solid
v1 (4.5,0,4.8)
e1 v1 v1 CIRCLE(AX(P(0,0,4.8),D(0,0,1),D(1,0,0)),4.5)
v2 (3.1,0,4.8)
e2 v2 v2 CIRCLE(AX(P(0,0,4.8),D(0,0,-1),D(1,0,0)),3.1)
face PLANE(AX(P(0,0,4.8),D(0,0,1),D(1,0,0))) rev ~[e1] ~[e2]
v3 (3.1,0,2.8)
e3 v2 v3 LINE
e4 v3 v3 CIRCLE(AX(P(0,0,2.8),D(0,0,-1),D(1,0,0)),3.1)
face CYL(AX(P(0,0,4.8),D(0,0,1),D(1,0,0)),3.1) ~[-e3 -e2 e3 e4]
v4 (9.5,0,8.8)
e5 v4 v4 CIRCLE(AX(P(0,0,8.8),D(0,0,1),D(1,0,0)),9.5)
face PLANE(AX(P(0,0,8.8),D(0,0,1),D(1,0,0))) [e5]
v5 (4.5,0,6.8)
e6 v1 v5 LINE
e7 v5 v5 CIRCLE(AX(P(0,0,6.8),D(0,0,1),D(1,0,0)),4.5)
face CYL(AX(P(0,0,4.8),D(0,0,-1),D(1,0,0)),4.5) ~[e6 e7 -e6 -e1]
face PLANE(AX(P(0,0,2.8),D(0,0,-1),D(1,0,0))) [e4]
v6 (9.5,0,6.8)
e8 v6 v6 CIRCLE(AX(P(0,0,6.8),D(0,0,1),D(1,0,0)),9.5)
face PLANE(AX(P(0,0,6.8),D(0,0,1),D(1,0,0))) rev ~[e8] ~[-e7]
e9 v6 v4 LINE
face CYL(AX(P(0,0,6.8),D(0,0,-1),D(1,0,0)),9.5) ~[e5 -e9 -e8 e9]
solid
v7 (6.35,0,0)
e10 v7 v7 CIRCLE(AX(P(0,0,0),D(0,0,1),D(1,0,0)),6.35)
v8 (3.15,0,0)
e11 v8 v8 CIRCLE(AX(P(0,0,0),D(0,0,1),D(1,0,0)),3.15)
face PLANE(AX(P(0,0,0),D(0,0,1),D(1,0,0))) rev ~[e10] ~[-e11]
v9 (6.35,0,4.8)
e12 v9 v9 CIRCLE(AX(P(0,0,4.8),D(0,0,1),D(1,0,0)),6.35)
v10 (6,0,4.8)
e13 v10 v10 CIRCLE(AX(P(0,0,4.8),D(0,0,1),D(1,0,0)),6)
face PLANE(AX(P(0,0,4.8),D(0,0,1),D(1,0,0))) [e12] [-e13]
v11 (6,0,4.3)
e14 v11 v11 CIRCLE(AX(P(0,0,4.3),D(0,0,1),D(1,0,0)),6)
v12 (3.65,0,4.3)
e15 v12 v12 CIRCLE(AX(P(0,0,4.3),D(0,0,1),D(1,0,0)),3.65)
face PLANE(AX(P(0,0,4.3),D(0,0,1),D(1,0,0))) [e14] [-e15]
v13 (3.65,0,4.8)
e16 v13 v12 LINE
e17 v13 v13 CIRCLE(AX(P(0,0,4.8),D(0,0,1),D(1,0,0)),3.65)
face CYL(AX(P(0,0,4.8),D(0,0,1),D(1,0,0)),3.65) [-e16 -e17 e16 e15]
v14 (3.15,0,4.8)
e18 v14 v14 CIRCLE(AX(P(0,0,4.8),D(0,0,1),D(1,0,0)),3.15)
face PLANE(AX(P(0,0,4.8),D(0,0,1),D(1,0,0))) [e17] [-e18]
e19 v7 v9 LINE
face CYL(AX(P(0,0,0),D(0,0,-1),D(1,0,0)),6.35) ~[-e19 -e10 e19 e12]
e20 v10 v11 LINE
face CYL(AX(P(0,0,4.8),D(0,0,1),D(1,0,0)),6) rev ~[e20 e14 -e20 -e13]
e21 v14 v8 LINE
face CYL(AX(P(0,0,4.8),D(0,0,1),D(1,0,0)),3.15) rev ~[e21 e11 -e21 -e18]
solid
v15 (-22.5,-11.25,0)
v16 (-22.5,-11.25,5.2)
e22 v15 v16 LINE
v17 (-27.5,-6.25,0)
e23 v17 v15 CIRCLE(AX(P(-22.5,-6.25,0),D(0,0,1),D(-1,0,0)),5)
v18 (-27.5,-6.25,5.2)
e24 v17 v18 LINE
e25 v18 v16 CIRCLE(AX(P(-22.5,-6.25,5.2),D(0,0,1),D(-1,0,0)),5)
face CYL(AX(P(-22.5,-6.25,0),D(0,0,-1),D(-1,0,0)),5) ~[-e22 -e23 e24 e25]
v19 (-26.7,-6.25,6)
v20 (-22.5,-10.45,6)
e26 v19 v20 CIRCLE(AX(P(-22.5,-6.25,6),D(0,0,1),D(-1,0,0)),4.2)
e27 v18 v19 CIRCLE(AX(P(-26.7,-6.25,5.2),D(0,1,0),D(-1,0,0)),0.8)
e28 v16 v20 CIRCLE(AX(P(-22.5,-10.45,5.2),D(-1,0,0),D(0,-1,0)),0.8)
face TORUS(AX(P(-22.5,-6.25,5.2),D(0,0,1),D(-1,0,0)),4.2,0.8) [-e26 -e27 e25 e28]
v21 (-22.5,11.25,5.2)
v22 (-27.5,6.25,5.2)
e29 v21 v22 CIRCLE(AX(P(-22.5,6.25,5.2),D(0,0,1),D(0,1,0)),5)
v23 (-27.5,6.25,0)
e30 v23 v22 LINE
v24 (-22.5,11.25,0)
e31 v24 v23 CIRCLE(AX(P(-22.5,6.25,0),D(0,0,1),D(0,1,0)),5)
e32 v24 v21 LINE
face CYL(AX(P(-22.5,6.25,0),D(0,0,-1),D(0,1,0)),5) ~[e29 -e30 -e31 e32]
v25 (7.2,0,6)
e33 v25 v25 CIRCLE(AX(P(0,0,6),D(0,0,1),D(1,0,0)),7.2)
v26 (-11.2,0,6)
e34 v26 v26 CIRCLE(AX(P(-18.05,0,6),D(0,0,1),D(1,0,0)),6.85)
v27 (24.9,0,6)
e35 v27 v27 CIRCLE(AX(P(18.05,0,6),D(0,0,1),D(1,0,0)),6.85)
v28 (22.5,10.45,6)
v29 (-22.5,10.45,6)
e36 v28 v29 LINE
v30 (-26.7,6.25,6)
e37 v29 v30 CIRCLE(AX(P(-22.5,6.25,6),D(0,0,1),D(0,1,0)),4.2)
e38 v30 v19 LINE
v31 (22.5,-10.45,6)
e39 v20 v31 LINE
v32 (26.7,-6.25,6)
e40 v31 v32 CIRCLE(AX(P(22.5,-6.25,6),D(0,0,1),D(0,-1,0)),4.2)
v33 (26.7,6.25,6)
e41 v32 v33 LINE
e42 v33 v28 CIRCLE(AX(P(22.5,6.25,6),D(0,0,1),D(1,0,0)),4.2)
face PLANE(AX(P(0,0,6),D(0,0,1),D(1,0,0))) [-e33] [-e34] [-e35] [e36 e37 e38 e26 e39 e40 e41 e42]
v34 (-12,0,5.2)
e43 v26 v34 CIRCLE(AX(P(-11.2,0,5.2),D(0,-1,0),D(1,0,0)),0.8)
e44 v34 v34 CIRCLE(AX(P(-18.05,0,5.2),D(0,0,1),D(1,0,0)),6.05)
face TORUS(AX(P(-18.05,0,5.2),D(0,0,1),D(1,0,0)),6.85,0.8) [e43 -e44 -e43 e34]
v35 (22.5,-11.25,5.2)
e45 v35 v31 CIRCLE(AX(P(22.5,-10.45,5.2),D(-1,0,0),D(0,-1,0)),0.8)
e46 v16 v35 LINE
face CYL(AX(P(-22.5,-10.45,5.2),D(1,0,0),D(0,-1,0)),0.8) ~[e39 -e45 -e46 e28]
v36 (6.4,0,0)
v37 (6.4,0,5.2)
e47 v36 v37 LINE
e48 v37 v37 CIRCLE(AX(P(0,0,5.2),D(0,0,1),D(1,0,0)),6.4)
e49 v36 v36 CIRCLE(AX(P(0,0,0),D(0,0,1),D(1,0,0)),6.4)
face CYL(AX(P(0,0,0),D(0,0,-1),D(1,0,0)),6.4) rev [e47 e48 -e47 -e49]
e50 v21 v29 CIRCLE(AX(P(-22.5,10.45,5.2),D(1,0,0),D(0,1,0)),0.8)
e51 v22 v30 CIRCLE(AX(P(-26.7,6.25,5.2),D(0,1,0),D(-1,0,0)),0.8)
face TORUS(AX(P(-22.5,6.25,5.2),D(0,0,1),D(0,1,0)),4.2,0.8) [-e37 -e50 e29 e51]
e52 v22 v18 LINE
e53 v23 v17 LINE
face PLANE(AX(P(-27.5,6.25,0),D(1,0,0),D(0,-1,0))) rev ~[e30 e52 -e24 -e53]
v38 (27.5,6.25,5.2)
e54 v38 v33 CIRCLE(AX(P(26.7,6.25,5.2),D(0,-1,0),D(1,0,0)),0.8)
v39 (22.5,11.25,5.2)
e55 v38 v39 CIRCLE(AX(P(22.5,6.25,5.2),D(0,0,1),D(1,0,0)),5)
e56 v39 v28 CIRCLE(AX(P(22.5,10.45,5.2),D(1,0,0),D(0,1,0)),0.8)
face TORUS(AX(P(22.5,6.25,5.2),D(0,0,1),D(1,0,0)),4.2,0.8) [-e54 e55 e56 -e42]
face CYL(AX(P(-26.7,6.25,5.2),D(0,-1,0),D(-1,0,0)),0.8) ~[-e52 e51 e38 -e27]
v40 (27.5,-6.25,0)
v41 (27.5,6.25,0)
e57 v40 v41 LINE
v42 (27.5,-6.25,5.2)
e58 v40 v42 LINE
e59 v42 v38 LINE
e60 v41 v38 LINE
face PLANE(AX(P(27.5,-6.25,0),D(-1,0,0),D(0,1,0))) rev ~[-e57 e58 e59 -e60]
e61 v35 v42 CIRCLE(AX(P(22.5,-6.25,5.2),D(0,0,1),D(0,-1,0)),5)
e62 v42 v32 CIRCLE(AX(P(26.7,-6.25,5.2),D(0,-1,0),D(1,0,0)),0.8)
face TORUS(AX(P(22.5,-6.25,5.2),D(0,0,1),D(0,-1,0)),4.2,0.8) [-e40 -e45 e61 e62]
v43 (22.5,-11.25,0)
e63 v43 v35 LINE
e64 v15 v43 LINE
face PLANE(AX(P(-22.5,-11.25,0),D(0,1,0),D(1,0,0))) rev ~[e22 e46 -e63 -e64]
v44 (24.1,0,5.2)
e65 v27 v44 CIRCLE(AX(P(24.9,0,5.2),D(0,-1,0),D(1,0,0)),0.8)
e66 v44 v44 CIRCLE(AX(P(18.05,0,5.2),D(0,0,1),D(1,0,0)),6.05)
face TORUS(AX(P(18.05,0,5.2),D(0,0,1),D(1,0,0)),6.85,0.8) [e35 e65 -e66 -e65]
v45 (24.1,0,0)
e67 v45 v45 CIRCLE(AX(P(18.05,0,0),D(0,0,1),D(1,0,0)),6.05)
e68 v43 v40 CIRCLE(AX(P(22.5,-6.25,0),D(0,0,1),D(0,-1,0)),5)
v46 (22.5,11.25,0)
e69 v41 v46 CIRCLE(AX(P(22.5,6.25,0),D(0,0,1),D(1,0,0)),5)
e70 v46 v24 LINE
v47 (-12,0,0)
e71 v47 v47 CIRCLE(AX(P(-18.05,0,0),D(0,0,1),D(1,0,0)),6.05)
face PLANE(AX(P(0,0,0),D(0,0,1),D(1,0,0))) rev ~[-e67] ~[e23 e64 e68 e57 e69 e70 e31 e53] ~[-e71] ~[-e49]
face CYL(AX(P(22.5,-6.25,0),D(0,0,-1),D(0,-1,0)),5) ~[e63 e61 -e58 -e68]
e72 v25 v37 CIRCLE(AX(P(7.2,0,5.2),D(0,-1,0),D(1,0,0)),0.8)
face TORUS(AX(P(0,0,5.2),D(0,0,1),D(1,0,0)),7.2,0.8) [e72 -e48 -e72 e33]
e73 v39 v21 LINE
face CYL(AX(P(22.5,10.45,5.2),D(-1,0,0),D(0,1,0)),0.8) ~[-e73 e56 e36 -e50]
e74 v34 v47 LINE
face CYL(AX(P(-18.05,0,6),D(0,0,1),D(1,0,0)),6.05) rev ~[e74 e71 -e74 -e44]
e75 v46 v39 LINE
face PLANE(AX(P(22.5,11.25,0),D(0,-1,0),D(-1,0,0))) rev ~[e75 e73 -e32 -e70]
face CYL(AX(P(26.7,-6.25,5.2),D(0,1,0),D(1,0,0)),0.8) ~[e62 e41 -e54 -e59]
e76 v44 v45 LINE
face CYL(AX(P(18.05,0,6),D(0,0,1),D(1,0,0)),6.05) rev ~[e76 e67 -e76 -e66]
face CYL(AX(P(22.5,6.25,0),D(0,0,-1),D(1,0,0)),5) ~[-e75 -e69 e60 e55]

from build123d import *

# Parameters (mm, degrees)
F0_R      = 6.35
F1_DEPTH  = 4.8
F2_R      = 3.15
F3_DEPTH  = 4.801
F4_R      = 6.4
F5_DEPTH  = 6
F6_R      = 6
F6_R_2    = 3.65
F7_DEPTH  = 0.5
F8_R      = 6.05
F9_DEPTH  = 6.001
F10_R     = 0.8
F12_R     = 4.5
F13_DEPTH = 2
F14_R     = 9.5
F14_R_2   = 4.5
F15_DEPTH = 2
F16_R     = 3.1
F17_DEPTH = 2


with BuildPart() as f1:
    # F0 (on Top) → F1 (new body)
    with BuildSketch(Plane.XY):
        Circle(F0_R)
    extrude(amount=F1_DEPTH)

    # F2 (on face) → F3 (cut, through all)
    with BuildSketch(Plane.XY.offset(4.8)):
        Circle(F2_R)
    extrude(amount=-F3_DEPTH, mode=Mode.SUBTRACT)

    # F6 (on face) → F7 (cut)
    with BuildSketch(Plane.XY.offset(4.8)):
        Circle(F6_R)
        Circle(F6_R_2, mode=Mode.SUBTRACT)
    extrude(amount=-F7_DEPTH, mode=Mode.SUBTRACT)


with BuildPart() as f5:
    # F4 (on Top) → F5 (new body)
    with BuildSketch(Plane.XY):
        with BuildLine():
            ThreePointArc((27.5, 6.25), (26.0355339059, 9.7855339059), (22.5, 11.25))
            Line((22.5, 11.25), (-22.5, 11.25))
            ThreePointArc((-22.5, 11.25), (-26.0355339059, 9.7855339059), (-27.5, 6.25))
            Line((-27.5, 6.25), (-27.5, -6.25))
            ThreePointArc((-27.5, -6.25), (-26.0355339059, -9.7855339059), (-22.5, -11.25))
            Line((-22.5, -11.25), (22.5, -11.25))
            ThreePointArc((22.5, -11.25), (26.0355339059, -9.7855339059), (27.5, -6.25))
            Line((27.5, -6.25), (27.5, 6.25))
        make_face()
        Circle(F4_R, mode=Mode.SUBTRACT)
    extrude(amount=F5_DEPTH)

    # F8 (on face) → F9 (cut, through all)
    with BuildSketch(Plane.XY.offset(6)):
        with Locations((-18.05, 0)):
            Circle(F8_R)
        with Locations((18.05, 0)):
            Circle(F8_R)
    extrude(amount=-F9_DEPTH, mode=Mode.SUBTRACT)

    # F10
    f10_edges = [f5.edges().sort_by_distance(p)[0] for p in [
        (27.5, 0, 6),
        (26.035534, -9.785534, 6),
        (26.035534, 9.785534, 6),
        (0, -11.25, 6),
        (0, 11.25, 6),
        (-26.035534, -9.785534, 6),
        (-26.035534, 9.785534, 6),
        (-27.5, 0, 6),
        (-24.1, 0, 6),
        (-6.4, 0, 6),
        (12, 0, 6),
    ]]
    fillet(f10_edges, radius=F10_R)


with BuildPart() as f13:
    # F12 (on offset) → F13 (new body)
    with BuildSketch(Plane.XY.offset(4.8)):
        Circle(F12_R)
    extrude(amount=F13_DEPTH)

    # F14 (on face) → F15 (join)
    with BuildSketch(Plane.XY.offset(6.8)):
        Circle(F14_R)
        Circle(F14_R_2, mode=Mode.SUBTRACT)
        Circle(F14_R_2)
    extrude(amount=F15_DEPTH)

    # F16 (on face) → F17 (join)
    with BuildSketch(Plane(origin=(0, 0, 4.8), x_dir=(1, 0, 0), z_dir=(0, 0, -1))):
        Circle(F16_R)
    extrude(amount=F17_DEPTH)


solid = Compound([f1.part, f5.part, f13.part])
